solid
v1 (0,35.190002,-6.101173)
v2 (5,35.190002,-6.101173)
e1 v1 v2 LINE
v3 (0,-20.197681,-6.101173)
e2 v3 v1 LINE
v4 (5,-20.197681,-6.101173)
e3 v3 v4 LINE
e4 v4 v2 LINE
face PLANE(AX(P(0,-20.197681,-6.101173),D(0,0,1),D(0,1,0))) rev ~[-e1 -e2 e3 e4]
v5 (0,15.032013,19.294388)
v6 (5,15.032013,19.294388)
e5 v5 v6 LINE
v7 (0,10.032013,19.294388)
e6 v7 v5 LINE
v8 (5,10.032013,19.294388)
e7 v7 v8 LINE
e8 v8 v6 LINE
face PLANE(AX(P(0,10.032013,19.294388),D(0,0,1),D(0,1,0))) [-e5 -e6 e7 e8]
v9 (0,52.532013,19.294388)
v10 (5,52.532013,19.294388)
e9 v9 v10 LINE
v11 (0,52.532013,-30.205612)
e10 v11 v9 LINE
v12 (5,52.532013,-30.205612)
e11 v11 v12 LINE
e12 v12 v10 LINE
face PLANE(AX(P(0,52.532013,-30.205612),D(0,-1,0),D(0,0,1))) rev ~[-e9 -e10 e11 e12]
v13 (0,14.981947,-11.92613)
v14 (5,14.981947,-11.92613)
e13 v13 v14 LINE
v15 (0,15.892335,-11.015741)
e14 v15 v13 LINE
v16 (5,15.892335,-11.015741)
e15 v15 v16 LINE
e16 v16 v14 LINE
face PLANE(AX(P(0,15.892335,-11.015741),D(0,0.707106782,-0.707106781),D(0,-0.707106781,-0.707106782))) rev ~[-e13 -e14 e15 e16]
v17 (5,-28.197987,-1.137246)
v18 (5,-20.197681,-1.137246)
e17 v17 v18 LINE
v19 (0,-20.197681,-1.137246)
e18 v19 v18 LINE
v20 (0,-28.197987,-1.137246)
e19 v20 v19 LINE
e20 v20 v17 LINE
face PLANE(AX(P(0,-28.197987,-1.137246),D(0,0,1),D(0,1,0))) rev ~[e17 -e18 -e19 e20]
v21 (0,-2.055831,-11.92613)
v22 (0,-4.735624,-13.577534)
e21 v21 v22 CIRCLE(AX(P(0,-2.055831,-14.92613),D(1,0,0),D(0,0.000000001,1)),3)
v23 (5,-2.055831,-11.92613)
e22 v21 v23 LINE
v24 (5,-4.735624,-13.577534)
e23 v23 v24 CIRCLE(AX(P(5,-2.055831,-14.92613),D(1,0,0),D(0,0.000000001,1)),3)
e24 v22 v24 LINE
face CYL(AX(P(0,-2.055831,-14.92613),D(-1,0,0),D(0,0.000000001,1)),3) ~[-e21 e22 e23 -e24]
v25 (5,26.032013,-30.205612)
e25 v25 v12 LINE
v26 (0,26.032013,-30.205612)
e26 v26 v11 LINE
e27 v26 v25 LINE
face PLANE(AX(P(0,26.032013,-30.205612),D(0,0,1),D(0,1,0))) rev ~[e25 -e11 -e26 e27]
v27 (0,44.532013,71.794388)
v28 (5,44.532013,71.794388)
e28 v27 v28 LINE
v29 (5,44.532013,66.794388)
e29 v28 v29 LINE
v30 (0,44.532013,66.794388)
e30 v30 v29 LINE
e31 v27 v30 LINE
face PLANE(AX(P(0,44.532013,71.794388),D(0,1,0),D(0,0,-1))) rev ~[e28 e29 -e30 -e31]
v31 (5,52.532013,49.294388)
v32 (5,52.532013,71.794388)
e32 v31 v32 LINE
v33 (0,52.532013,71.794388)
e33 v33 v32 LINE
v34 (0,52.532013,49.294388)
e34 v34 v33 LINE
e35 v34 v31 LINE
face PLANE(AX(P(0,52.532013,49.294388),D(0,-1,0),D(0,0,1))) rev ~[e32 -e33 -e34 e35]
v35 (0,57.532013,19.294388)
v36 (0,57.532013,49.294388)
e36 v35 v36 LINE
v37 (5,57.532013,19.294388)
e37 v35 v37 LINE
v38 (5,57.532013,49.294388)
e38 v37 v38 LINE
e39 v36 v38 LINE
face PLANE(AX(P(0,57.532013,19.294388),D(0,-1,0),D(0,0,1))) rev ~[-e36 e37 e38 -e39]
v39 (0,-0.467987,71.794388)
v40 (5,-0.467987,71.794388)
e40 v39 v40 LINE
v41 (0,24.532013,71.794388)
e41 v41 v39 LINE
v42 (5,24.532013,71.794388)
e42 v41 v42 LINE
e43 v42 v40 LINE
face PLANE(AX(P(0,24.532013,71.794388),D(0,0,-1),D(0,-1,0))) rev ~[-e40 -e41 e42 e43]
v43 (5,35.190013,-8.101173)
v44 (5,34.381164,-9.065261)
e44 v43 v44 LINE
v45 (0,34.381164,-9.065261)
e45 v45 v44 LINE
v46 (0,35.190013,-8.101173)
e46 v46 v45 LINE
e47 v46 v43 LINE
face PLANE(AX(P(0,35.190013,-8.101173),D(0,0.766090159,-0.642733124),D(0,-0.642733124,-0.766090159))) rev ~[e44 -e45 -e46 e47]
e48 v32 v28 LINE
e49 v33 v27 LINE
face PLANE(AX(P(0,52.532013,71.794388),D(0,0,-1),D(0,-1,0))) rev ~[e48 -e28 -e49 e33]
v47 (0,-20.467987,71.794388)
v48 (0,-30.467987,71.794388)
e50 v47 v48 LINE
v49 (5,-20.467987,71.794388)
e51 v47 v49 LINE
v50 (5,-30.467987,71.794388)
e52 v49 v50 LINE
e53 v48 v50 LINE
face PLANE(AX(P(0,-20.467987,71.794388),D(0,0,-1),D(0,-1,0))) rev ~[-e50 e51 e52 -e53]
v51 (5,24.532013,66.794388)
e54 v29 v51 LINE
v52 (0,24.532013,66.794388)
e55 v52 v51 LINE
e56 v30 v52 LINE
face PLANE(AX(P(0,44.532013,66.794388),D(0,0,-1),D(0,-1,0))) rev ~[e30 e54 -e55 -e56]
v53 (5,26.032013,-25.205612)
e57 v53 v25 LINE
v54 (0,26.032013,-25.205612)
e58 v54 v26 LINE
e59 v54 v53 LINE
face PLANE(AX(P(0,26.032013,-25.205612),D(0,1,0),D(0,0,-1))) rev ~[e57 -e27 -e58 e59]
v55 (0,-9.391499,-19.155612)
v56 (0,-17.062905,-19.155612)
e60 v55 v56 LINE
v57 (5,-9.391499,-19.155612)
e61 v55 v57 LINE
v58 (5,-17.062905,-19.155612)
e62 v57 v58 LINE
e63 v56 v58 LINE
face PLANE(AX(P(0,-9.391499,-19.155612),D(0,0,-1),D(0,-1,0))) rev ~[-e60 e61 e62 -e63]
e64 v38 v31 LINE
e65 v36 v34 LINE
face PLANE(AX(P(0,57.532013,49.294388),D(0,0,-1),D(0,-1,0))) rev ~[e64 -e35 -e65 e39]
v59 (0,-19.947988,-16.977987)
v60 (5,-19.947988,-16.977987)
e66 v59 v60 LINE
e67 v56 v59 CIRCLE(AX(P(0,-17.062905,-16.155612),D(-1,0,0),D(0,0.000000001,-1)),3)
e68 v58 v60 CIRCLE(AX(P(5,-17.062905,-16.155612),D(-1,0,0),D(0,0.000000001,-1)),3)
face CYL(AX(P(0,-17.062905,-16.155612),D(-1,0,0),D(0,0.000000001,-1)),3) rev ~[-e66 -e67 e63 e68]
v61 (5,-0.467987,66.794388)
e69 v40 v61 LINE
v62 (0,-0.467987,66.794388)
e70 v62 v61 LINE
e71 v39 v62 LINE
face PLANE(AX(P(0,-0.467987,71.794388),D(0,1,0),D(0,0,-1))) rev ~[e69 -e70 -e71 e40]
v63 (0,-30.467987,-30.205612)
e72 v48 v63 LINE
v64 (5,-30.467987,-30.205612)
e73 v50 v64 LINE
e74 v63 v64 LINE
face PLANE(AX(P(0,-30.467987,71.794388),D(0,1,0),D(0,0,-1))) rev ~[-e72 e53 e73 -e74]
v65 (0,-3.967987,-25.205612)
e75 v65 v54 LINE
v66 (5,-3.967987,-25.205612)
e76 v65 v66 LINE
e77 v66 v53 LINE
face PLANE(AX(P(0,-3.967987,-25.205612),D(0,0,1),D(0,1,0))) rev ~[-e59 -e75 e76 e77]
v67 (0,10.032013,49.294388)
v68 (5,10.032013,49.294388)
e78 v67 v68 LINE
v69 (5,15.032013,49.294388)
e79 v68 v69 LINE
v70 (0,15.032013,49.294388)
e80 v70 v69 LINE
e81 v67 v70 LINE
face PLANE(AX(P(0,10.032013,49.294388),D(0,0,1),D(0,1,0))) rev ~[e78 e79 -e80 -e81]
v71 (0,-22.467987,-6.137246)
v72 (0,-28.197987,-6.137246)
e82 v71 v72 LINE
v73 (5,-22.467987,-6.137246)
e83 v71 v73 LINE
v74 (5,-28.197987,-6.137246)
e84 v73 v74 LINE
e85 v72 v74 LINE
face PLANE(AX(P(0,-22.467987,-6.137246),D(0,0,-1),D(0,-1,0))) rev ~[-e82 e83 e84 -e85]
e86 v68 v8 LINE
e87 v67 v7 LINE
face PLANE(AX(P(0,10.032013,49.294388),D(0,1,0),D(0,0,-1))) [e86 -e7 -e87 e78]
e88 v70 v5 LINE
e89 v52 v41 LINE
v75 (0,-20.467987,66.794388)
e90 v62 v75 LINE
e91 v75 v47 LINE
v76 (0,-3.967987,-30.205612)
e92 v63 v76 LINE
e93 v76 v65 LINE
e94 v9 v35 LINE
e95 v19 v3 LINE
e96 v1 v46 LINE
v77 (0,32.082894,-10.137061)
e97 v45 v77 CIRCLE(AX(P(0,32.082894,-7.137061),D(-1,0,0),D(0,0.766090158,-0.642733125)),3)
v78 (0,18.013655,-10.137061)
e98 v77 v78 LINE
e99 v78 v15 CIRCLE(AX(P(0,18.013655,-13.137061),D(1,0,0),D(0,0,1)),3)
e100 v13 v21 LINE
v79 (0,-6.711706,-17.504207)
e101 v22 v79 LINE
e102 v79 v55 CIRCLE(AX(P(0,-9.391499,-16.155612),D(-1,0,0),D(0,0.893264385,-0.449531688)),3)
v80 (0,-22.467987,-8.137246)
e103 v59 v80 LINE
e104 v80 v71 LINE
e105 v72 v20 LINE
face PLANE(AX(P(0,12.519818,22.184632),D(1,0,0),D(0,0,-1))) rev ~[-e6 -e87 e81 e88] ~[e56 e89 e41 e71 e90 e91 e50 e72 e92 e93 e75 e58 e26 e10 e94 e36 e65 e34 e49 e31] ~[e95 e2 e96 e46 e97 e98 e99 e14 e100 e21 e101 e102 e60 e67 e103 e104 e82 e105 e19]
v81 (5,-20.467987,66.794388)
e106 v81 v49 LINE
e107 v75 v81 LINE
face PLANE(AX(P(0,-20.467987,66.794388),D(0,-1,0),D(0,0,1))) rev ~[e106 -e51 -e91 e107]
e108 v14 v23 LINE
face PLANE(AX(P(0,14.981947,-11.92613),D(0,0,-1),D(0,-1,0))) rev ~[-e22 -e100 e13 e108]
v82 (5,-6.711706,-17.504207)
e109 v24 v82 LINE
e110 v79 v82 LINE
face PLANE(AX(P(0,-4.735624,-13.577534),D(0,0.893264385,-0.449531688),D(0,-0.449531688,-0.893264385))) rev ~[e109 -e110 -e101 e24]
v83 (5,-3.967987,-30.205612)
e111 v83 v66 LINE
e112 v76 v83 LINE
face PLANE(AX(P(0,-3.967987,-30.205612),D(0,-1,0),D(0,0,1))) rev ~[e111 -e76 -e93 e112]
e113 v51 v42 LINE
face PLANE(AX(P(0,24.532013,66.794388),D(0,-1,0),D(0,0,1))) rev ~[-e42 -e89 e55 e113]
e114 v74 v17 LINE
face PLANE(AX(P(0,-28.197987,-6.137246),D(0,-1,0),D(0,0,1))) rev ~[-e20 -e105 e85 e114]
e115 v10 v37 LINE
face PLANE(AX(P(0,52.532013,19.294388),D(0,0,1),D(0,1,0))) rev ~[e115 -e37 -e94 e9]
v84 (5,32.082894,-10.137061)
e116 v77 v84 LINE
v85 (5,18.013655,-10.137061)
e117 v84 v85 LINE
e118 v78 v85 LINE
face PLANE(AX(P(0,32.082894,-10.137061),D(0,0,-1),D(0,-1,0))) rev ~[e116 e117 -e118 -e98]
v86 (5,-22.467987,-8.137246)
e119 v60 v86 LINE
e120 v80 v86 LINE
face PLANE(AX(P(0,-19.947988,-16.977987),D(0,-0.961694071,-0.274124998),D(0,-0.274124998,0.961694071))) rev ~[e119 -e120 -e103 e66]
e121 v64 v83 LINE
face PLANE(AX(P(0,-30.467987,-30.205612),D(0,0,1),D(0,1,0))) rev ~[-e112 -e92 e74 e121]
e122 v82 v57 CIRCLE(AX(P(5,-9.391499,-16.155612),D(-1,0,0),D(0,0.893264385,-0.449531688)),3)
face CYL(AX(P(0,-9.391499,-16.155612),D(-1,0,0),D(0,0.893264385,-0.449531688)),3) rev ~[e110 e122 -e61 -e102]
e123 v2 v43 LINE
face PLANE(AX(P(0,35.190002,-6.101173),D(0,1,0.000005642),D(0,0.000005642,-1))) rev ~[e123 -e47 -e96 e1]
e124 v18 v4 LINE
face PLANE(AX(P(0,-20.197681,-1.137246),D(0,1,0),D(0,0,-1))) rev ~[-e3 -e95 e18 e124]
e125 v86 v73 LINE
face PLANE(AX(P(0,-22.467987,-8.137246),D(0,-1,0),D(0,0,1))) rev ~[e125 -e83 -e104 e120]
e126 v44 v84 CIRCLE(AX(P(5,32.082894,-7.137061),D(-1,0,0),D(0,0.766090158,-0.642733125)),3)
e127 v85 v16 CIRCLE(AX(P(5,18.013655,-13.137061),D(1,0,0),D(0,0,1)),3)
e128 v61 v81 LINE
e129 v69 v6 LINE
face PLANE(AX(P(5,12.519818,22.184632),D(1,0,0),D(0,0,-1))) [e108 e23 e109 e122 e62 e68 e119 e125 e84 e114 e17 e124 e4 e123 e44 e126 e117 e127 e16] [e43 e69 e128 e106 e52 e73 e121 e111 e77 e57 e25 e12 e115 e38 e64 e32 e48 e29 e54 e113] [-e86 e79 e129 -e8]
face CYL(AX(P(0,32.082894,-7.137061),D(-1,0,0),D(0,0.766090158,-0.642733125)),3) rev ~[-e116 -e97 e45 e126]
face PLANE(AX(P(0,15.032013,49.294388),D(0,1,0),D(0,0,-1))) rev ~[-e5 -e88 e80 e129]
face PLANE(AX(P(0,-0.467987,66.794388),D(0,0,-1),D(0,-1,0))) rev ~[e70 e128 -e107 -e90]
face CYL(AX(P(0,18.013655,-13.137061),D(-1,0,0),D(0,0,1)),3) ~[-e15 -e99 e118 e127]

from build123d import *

# Parameters (mm, degrees)
SKETCH_1_W      = 30
SKETCH_1_H      = 5
EXTRUDE_1_DEPTH = 5


with BuildPart() as part:
    # 草图1 → 凸台-拉伸1 (new body)
    with BuildSketch(Plane(origin=(0, 0, 0), x_dir=(0, 0, -1), z_dir=(1, 0, 0))):
        Polygon((-71.794387691, -30.467986568), (30.205612309, -30.467986568), (30.205612309, -3.967986568), (25.205612309, -3.967986568), (25.205612309, 26.032013432), (30.205612309, 26.032013432), (30.205612309, 52.532013432), (-19.294387691, 52.532013432), (-19.294387691, 57.532013432), (-49.294387691, 57.532013432), (-49.294387691, 52.532013432), (-71.794387691, 52.532013432), (-71.794387691, 44.532013432), (-66.794387691, 44.532013432), (-66.794387691, 24.532013432), (-71.794387691, 24.532013432), (-71.794387691, -0.467986568), (-66.794387691, -0.467986568), (-66.794387691, -20.467986568), (-71.794387691, -20.467986568), align=None)
        with Locations((-34.294387691, 12.532013432)):
            Rectangle(SKETCH_1_W, SKETCH_1_H, mode=Mode.SUBTRACT)
        with BuildLine():
            Line((6.101172562, -20.197681499), (6.101172562, 35.190002139))
            Line((6.101172562, 35.190002139), (8.101172562, 35.190013424))
            Line((8.101172562, 35.190013424), (9.065260801, 34.381164181))
            ThreePointArc((9.065260801, 34.381164181), (9.8559397, 33.350845179), (10.137061428, 32.082893705))
            Line((10.137061428, 32.082893705), (10.137061428, 18.013655336))
            ThreePointArc((10.137061428, 18.013655336), (10.36542283, 16.865605039), (11.015741084, 15.892334992))
            Line((11.015741084, 15.892334992), (11.926129512, 14.981946565))
            Line((11.926129512, 14.981946565), (11.926129512, -2.055830909))
            ThreePointArc((11.926129512, -2.055830909), (12.372134093, -3.629713816), (13.577534447, -4.735624064))
            Line((13.577534447, -4.735624064), (17.504207374, -6.71170633))
            ThreePointArc((17.504207374, -6.71170633), (18.709607728, -7.817616578), (19.155612309, -9.391499485))
            Line((19.155612309, -9.391499485), (19.155612309, -17.062905379))
            ThreePointArc((19.155612309, -17.062905379), (18.550098161, -18.870234212), (16.977987304, -19.947987591))
            Line((16.977987304, -19.947987591), (8.137246436, -22.467986568))
            Line((8.137246436, -22.467986568), (6.137246436, -22.467986568))
            Line((6.137246436, -22.467986568), (6.137246436, -28.197986568))
            Line((6.137246436, -28.197986568), (1.137246436, -28.197986568))
            Line((1.137246436, -28.197986568), (1.137246436, -20.197681499))
            Line((1.137246436, -20.197681499), (6.101172562, -20.197681499))
        make_face(mode=Mode.SUBTRACT)
    extrude(amount=EXTRUDE_1_DEPTH)


solid = part.part
